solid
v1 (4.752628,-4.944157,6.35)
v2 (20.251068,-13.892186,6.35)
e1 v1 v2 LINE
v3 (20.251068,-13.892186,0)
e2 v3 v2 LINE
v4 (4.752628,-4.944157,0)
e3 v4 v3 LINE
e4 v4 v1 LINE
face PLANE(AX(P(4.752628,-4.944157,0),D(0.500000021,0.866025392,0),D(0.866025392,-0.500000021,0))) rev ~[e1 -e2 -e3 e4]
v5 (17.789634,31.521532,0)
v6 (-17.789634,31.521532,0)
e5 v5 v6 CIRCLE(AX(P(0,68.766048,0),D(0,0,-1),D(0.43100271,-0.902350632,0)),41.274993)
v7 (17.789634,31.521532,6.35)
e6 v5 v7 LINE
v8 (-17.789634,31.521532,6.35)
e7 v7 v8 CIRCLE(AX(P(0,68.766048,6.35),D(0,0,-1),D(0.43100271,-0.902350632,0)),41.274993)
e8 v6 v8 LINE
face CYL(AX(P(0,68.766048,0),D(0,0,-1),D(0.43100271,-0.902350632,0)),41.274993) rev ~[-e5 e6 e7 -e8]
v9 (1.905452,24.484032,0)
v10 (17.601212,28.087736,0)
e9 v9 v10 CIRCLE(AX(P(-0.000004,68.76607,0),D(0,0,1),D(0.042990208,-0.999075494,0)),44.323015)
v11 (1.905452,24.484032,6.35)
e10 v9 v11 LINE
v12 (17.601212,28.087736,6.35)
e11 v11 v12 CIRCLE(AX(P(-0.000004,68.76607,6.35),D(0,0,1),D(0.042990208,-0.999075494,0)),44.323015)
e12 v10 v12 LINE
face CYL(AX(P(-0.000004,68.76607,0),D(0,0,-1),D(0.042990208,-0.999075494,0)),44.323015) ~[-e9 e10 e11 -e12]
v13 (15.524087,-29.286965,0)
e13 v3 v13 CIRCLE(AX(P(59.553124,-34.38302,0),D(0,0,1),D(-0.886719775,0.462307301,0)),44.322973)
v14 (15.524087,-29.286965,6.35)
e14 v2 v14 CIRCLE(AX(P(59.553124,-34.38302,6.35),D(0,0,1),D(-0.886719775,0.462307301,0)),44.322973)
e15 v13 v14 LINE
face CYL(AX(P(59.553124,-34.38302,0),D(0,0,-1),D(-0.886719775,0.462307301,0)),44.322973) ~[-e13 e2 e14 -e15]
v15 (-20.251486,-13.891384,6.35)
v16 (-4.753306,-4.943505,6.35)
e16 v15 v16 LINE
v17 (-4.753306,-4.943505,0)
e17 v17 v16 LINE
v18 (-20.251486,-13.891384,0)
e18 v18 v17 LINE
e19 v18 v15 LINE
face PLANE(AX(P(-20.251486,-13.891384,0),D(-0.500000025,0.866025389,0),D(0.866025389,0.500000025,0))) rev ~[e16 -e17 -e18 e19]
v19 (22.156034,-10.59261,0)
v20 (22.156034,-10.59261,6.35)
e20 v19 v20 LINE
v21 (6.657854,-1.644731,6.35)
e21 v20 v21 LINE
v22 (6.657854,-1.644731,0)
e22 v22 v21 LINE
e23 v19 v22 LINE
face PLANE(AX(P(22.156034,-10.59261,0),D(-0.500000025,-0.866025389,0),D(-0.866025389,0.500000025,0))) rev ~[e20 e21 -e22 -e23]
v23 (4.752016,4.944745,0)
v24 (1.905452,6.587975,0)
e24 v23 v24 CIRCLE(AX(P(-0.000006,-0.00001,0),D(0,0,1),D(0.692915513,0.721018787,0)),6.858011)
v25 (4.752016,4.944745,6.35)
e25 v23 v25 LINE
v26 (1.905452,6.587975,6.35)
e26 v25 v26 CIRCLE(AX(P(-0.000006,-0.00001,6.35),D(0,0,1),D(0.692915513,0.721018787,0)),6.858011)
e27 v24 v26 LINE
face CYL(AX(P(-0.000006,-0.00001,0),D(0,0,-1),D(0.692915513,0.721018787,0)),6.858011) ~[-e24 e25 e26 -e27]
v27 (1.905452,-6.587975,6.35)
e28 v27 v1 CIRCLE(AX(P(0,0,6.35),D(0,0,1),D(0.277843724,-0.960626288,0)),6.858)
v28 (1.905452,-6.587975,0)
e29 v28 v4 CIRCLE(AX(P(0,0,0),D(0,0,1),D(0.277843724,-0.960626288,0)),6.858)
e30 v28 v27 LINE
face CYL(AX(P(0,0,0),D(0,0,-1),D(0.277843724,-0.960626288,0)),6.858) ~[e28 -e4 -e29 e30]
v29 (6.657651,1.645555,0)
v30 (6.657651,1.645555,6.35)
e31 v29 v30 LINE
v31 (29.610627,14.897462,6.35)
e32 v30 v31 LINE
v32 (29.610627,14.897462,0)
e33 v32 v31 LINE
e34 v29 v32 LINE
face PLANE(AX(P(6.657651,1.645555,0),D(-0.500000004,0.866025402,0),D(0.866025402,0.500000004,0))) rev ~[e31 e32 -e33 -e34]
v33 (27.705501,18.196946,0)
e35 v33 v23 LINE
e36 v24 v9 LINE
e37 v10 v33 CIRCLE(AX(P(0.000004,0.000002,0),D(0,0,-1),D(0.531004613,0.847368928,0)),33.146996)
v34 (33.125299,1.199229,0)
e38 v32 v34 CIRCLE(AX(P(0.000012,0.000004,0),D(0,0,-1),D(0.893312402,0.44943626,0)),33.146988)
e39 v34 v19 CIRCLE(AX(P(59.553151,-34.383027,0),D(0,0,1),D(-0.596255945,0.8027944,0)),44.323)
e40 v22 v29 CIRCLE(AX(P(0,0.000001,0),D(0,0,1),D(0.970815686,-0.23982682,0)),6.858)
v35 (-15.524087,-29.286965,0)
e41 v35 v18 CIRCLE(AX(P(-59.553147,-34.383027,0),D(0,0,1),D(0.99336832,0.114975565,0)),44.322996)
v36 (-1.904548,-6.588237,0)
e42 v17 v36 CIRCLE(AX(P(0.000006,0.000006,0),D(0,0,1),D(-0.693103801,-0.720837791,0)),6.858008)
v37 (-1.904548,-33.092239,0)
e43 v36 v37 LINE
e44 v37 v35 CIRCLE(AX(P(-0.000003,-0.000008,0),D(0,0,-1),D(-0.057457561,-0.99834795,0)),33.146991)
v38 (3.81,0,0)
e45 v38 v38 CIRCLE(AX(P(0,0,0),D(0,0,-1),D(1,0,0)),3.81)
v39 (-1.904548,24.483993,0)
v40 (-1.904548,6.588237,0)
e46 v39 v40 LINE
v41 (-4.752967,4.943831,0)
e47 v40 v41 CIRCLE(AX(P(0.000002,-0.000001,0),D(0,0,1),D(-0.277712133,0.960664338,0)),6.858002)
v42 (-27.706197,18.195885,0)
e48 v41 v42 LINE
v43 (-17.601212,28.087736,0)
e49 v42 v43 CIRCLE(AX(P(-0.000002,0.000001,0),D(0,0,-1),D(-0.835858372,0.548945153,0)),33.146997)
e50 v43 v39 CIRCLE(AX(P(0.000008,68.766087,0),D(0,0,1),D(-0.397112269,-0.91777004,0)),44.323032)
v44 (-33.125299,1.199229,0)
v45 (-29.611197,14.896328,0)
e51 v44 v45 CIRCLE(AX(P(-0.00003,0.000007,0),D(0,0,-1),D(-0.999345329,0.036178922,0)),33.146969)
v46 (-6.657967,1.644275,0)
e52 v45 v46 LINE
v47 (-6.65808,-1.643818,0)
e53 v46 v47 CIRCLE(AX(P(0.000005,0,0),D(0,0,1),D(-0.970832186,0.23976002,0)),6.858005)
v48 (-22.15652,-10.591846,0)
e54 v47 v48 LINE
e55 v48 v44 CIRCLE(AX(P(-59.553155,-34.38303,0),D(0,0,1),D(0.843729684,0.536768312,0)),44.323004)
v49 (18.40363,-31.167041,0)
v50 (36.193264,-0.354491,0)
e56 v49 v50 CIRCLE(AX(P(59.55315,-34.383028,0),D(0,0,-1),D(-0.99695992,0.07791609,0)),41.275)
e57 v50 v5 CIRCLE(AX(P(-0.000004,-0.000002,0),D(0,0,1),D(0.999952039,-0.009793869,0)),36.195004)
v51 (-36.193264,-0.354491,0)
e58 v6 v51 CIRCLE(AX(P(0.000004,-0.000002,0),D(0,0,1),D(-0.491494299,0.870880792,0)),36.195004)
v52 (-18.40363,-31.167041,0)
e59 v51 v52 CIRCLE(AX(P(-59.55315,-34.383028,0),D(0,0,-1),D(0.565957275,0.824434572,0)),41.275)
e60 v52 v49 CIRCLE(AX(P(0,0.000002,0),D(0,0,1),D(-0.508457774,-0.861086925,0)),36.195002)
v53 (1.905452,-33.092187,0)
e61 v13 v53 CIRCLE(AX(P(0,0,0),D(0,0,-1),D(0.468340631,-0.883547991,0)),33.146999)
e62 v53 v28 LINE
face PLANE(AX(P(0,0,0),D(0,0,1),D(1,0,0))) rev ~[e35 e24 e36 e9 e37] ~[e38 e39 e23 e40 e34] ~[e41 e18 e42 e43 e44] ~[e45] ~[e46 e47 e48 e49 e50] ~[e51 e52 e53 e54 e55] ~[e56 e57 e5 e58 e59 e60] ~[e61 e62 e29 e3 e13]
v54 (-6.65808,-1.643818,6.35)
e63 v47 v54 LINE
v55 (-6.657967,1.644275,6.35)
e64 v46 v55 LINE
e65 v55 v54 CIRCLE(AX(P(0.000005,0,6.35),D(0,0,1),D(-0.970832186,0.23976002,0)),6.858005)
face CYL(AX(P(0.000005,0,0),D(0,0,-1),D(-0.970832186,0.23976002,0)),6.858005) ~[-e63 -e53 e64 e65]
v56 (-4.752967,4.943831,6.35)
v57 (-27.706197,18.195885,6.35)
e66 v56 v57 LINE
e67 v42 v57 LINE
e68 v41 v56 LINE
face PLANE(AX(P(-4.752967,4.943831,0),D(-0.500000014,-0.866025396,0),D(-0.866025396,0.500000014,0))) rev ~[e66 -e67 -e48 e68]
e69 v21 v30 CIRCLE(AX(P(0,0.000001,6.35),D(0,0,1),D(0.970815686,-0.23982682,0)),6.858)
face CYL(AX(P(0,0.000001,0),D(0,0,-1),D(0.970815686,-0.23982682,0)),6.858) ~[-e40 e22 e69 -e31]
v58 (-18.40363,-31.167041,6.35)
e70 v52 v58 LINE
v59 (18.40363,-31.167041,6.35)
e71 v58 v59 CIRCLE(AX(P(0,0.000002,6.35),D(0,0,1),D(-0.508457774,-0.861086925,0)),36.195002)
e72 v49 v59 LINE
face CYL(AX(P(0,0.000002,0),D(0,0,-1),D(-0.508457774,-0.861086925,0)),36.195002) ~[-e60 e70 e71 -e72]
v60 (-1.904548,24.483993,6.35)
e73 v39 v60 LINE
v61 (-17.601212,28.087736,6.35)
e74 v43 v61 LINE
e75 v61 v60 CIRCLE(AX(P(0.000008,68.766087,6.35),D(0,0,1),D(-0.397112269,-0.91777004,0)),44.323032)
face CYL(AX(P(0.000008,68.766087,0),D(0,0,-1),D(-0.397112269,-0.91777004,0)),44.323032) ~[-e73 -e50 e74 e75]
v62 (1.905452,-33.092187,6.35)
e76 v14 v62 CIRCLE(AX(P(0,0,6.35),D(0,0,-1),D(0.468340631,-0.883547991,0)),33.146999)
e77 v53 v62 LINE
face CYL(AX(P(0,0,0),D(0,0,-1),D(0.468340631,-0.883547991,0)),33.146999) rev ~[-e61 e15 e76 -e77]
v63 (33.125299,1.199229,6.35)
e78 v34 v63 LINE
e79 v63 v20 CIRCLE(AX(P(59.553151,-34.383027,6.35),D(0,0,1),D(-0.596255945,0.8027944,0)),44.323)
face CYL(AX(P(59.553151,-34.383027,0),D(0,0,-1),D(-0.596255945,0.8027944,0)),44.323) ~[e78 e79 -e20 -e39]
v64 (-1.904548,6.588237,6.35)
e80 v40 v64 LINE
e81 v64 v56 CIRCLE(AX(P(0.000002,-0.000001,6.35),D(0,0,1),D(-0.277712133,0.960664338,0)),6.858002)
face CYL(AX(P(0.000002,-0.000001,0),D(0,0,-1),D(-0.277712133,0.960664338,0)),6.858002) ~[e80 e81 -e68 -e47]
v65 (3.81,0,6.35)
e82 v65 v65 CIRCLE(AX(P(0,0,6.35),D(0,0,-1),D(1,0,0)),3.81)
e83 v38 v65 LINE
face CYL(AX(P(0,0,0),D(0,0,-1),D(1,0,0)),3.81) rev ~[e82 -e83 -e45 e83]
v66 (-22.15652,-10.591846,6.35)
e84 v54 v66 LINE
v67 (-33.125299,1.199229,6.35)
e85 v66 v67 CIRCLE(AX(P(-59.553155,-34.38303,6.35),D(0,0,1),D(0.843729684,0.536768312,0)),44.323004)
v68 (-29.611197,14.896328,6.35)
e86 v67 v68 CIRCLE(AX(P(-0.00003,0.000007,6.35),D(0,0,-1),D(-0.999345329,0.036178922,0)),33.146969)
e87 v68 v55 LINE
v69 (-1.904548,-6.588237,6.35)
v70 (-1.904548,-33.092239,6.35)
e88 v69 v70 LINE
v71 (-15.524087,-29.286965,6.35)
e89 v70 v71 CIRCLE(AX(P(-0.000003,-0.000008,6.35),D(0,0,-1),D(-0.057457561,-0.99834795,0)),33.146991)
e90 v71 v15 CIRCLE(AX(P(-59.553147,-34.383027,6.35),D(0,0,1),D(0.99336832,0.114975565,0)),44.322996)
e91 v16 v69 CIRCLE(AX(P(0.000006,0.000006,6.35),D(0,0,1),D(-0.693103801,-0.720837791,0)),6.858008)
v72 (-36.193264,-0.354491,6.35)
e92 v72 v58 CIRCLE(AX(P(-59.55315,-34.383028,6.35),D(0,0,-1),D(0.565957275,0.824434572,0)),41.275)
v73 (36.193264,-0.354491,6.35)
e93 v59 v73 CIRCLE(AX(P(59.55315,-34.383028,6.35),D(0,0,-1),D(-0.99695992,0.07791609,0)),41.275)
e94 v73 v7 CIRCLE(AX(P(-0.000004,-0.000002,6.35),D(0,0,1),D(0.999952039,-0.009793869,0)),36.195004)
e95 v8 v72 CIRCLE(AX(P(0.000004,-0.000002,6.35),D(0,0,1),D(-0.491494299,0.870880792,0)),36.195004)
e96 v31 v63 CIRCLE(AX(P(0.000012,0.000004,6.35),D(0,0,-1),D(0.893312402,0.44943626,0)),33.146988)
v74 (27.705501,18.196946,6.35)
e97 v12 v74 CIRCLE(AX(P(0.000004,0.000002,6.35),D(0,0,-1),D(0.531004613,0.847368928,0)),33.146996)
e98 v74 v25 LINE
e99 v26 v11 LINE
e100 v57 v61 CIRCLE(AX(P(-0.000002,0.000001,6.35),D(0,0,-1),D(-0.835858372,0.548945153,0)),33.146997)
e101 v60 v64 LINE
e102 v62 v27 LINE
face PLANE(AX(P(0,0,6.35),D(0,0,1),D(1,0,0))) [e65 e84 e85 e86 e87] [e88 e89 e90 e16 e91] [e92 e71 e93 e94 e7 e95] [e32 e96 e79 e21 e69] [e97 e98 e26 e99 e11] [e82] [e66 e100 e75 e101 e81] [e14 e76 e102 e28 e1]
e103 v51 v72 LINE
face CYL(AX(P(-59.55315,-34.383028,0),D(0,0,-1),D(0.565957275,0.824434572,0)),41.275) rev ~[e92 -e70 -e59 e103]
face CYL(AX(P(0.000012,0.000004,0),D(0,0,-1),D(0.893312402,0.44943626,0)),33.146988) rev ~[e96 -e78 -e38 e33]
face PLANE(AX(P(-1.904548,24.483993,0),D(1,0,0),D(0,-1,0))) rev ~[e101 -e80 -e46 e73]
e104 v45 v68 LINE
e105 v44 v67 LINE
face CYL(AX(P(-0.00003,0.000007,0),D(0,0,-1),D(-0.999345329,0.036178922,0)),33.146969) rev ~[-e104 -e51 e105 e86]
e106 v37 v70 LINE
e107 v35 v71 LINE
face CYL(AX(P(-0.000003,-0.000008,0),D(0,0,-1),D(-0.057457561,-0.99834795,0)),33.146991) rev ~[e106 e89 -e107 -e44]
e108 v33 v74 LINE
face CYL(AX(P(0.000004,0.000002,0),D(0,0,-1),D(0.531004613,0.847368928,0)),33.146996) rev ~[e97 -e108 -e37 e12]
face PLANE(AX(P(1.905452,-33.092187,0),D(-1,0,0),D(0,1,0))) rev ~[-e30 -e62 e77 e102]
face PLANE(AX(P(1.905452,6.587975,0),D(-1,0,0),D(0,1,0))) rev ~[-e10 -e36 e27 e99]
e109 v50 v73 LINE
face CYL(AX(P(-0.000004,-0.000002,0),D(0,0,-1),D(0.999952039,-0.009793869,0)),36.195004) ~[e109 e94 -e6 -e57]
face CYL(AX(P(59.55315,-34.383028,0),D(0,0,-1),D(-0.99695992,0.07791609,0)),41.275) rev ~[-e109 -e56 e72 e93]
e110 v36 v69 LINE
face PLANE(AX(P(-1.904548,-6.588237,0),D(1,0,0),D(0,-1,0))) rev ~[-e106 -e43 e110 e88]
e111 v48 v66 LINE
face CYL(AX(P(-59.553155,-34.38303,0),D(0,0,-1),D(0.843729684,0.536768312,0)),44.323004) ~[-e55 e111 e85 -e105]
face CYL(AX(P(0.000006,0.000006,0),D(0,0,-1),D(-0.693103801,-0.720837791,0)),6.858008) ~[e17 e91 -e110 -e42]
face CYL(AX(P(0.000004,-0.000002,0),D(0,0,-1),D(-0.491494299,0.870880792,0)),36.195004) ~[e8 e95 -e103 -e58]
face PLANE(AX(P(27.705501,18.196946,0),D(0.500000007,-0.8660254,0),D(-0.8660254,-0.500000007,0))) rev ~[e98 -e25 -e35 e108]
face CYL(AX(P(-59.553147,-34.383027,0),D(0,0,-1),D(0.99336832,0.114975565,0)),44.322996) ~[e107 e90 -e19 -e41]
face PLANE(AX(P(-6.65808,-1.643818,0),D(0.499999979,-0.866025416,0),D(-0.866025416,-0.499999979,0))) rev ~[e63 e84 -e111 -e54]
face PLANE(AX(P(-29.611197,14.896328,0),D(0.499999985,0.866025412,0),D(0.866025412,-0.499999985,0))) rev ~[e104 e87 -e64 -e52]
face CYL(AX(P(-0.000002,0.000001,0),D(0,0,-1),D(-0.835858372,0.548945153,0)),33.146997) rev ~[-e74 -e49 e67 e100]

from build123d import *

# Parameters (mm, degrees)
F1_DEPTH = 6.35


with BuildPart() as f1:
    # F0 (on Top) → F1 (new body)
    with BuildSketch(Plane.XY):
        with BuildLine():
            ThreePointArc((17.789634, 31.521532), (0, 27.491055), (-17.789634, 31.521532))
            ThreePointArc((-17.789634, 31.521532), (-31.345789, 18.0975), (-36.193264, -0.354491))
            ThreePointArc((-36.193264, -0.354491), (-23.807952, -13.745528), (-18.40363, -31.167041))
            ThreePointArc((-18.40363, -31.167041), (0, -36.195), (18.40363, -31.167041))
            ThreePointArc((18.40363, -31.167041), (23.807952, -13.745528), (36.193264, -0.354491))
            ThreePointArc((36.193264, -0.354491), (31.345789, 18.0975), (17.789634, 31.521532))
        make_face()
        with BuildLine():
            ThreePointArc((-1.904548, -33.092239), (-8.919605, -31.924352), (-15.524087, -29.286965))
            ThreePointArc((-15.524087, -29.286965), (-17.182659, -21.372657), (-20.251486, -13.891384))
            Line((-20.251486, -13.891384), (-4.753306, -4.943505))
            ThreePointArc((-4.753306, -4.943505), (-3.429, -5.939202), (-1.904548, -6.588237))
            Line((-1.904548, -6.588237), (-1.904548, -33.092239))
        make_face(mode=Mode.SUBTRACT)
        with BuildLine():
            ThreePointArc((15.524087, -29.286965), (8.920041, -31.92423), (1.905452, -33.092187))
            Line((1.905452, -33.092187), (1.905452, -6.587975))
            ThreePointArc((1.905452, -6.587975), (3.429, -5.939202), (4.752628, -4.944157))
            Line((4.752628, -4.944157), (20.251068, -13.892186))
            ThreePointArc((20.251068, -13.892186), (17.182526, -21.373089), (15.524087, -29.286965))
        make_face(mode=Mode.SUBTRACT)
        with BuildLine():
            Line((-29.611197, 14.896328), (-6.657967, 1.644275))
            ThreePointArc((-6.657967, 1.644275), (-6.858, 0.000235), (-6.65808, -1.643818))
            Line((-6.65808, -1.643818), (-22.15652, -10.591846))
            ThreePointArc((-22.15652, -10.591846), (-27.100901, -4.19396), (-33.125299, 1.199229))
            ThreePointArc((-33.125299, 1.199229), (-32.107159, 8.237352), (-29.611197, 14.896328))
        make_face(mode=Mode.SUBTRACT)
        with BuildLine():
            Line((-4.752967, 4.943831), (-27.706197, 18.195885))
            ThreePointArc((-27.706197, 18.195885), (-23.187335, 23.686939), (-17.601212, 28.087736))
            ThreePointArc((-17.601212, 28.087736), (-9.917934, 25.566948), (-1.904548, 24.483993))
            Line((-1.904548, 24.483993), (-1.904548, 6.588237))
            ThreePointArc((-1.904548, 6.588237), (-3.428796, 5.93932), (-4.752967, 4.943831))
        make_face(mode=Mode.SUBTRACT)
        with BuildLine():
            ThreePointArc((-3.81, 0), (0, 3.81), (3.81, 0))
            ThreePointArc((3.81, 0), (0, -3.81), (-3.81, 0))
        make_face(mode=Mode.SUBTRACT)
        with BuildLine():
            ThreePointArc((29.610627, 14.897462), (32.107001, 8.237967), (33.125299, 1.199229))
            ThreePointArc((33.125299, 1.199229), (27.100593, -4.194291), (22.156034, -10.59261))
            Line((22.156034, -10.59261), (6.657854, -1.644731))
            ThreePointArc((6.657854, -1.644731), (6.858, 0.000424), (6.657651, 1.645555))
            Line((6.657651, 1.645555), (29.610627, 14.897462))
        make_face(mode=Mode.SUBTRACT)
        with BuildLine():
            ThreePointArc((17.601212, 28.087736), (23.186882, 23.687383), (27.705501, 18.196946))
            Line((27.705501, 18.196946), (4.752016, 4.944745))
            ThreePointArc((4.752016, 4.944745), (3.428632, 5.939414), (1.905452, 6.587975))
            Line((1.905452, 6.587975), (1.905452, 24.484032))
            ThreePointArc((1.905452, 24.484032), (9.918375, 25.567049), (17.601212, 28.087736))
        make_face(mode=Mode.SUBTRACT)
    extrude(amount=F1_DEPTH)


solid = f1.part
